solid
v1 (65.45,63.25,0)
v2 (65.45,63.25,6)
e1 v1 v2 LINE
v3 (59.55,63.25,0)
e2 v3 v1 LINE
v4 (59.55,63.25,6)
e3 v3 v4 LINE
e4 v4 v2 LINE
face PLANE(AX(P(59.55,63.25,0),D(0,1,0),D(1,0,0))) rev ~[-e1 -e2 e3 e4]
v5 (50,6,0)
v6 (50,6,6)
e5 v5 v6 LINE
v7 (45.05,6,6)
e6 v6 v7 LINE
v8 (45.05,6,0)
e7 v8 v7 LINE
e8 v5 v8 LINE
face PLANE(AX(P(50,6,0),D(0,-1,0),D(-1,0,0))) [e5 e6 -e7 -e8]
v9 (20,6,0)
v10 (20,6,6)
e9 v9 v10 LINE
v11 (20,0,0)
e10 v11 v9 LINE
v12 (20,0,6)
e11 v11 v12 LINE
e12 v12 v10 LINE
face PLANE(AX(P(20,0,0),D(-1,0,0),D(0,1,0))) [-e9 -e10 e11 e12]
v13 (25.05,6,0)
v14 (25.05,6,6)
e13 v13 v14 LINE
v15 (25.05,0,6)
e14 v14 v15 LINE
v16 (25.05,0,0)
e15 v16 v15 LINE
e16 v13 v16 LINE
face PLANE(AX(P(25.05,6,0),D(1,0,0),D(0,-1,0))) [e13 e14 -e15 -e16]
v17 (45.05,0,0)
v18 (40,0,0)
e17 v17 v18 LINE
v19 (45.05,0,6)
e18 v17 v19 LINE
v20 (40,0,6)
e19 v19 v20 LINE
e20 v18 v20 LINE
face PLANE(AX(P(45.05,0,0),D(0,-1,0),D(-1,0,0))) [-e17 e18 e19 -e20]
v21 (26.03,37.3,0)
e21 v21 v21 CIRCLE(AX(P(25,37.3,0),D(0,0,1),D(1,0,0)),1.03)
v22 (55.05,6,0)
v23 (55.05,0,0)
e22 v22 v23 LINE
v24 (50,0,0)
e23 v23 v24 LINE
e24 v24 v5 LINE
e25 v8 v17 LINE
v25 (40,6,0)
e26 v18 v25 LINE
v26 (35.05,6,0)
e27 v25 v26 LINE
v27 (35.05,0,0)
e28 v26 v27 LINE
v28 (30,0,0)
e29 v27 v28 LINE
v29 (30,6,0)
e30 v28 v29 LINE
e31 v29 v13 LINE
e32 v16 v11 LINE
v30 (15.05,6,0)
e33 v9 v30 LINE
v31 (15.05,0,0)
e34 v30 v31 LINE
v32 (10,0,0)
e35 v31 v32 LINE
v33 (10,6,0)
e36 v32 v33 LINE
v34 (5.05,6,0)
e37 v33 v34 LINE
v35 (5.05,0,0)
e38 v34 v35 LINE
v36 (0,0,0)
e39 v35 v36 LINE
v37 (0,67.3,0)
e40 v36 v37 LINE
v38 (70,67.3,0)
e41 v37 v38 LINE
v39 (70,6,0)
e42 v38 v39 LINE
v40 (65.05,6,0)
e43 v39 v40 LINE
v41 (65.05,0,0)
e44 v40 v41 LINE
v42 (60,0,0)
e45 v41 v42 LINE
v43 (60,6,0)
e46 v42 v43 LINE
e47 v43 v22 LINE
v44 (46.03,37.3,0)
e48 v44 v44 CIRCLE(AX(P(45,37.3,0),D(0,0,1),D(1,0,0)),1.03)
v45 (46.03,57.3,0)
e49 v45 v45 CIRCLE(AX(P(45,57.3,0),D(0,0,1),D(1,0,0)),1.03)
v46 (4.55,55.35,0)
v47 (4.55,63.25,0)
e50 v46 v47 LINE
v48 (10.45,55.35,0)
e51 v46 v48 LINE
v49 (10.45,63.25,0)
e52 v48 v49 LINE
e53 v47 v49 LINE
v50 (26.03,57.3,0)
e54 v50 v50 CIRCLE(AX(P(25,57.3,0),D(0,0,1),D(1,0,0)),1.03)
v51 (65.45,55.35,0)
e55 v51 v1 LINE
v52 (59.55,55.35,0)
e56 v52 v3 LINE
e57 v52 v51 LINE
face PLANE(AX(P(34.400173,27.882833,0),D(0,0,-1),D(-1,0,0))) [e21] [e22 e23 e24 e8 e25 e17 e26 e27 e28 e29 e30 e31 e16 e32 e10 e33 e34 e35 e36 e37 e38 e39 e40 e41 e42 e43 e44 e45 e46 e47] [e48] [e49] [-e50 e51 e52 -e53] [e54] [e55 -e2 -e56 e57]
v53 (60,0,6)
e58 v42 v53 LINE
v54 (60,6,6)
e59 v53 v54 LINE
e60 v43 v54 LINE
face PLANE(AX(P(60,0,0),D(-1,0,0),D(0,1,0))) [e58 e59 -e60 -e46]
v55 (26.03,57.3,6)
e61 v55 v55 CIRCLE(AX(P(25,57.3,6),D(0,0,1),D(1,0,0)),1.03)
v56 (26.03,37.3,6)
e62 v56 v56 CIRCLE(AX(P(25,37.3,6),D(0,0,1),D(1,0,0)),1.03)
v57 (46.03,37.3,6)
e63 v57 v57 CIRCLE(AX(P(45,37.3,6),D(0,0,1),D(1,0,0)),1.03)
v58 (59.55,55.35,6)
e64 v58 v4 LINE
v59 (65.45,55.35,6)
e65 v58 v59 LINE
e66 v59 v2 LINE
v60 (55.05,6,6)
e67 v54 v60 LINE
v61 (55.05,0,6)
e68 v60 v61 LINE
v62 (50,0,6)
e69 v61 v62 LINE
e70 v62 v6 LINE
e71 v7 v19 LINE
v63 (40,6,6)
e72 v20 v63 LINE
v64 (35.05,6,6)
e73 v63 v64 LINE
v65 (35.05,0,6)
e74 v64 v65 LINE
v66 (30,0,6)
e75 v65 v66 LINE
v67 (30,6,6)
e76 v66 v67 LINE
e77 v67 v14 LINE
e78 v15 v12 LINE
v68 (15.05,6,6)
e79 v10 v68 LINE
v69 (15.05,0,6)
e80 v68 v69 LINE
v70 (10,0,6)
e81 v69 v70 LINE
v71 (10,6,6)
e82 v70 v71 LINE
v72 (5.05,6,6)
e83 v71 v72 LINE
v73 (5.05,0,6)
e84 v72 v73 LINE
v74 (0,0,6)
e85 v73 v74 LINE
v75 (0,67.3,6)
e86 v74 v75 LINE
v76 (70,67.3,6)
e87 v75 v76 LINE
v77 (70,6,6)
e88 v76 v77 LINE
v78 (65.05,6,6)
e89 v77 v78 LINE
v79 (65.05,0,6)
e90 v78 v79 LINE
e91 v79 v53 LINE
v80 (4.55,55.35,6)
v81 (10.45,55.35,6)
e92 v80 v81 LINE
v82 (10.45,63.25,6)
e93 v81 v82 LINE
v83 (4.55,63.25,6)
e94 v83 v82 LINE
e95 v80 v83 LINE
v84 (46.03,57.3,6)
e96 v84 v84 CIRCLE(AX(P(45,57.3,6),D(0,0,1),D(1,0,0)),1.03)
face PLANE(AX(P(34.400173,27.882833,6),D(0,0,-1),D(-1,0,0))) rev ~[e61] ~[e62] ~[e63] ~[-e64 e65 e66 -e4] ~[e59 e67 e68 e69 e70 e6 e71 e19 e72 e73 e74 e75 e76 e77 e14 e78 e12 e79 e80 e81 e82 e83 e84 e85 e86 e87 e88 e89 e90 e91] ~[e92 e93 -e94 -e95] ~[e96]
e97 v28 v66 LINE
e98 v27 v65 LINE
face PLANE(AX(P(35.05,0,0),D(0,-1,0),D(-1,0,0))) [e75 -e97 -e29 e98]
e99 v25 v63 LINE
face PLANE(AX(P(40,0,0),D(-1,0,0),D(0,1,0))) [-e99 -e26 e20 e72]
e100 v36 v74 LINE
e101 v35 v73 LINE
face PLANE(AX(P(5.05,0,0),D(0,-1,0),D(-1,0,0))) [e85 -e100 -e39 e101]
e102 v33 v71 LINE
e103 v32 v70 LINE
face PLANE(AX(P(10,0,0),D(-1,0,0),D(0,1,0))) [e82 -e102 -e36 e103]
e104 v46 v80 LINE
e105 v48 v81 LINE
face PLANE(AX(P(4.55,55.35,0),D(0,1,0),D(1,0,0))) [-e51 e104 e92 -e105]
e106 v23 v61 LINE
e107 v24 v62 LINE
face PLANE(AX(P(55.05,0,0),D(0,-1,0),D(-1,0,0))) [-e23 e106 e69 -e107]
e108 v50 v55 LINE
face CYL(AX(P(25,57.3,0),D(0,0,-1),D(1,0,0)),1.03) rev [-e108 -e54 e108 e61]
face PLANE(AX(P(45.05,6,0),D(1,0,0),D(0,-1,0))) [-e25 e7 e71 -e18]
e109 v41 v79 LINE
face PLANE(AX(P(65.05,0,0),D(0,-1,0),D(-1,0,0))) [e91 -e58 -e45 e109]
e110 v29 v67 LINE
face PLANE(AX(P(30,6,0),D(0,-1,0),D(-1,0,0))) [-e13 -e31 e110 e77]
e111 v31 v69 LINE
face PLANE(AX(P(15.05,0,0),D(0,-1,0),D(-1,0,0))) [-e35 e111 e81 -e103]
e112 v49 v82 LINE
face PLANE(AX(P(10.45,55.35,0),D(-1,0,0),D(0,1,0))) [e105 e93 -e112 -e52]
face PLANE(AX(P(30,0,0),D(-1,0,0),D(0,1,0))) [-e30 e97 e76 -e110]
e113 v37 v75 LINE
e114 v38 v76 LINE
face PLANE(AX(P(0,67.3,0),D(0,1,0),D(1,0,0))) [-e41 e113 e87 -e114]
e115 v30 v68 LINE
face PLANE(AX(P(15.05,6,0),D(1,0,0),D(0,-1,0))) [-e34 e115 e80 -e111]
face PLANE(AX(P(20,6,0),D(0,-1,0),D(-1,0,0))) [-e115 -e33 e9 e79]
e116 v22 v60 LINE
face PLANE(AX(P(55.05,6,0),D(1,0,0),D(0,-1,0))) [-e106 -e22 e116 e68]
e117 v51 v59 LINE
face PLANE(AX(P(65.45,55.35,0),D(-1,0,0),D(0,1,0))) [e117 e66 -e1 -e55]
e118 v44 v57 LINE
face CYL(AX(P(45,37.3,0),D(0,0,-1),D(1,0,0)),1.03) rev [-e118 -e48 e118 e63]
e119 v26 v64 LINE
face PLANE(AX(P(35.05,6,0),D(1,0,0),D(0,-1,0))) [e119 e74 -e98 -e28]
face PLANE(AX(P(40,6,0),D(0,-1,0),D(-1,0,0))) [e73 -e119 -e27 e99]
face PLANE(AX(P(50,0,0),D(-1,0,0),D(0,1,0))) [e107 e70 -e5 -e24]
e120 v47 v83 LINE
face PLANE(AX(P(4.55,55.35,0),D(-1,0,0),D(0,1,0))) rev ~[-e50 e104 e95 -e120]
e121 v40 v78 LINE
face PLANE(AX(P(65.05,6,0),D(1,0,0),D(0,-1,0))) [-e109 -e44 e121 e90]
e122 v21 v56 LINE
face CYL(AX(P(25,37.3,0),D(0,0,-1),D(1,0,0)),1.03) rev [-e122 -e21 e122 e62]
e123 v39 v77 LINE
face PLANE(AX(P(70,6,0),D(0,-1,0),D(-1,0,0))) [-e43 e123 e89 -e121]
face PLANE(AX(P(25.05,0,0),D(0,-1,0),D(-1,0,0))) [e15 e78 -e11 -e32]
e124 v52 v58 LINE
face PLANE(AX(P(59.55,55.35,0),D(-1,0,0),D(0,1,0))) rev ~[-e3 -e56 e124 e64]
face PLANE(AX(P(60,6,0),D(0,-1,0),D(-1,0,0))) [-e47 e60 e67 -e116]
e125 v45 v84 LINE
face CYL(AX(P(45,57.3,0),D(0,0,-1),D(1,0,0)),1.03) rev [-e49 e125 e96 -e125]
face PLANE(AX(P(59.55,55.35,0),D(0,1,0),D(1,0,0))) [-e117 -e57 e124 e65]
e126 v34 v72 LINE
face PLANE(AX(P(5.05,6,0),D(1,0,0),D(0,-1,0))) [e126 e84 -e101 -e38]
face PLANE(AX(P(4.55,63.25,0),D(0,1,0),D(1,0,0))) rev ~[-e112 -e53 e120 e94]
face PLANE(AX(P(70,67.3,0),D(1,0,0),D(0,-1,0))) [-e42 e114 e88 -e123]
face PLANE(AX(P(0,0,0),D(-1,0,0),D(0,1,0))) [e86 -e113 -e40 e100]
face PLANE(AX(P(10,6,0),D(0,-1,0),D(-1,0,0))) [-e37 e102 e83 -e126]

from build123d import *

# Parameters (mm, degrees)
ESQUISSE1_R        = 1.03
ESQUISSE1_W        = 5.9
ESQUISSE1_H        = 7.9
BOSS_EXTRU_1_DEPTH = 6


with BuildPart() as part:
    # Esquisse1 → Boss.-Extru.1 (new body)
    with BuildSketch(Plane.XY):
        Polygon((0, 0), (0, 67.3), (70, 67.3), (70, 6), (65.05, 6), (65.05, 0), (60, 0), (60, 6), (55.05, 6), (55.05, 0), (50, 0), (50, 6), (45.05, 6), (45.05, 0), (40, 0), (40, 6), (35.05, 6), (35.05, 0), (30, 0), (30, 6), (25.05, 6), (25.05, 0), (20, 0), (20, 6), (15.05, 6), (15.05, 0), (10, 0), (10, 6), (5.05, 6), (5.05, 0), align=None)
        with Locations((25, 57.3)):
            Circle(ESQUISSE1_R, mode=Mode.SUBTRACT)
        with Locations((45, 57.3)):
            Circle(ESQUISSE1_R, mode=Mode.SUBTRACT)
        with Locations((25, 37.3)):
            Circle(ESQUISSE1_R, mode=Mode.SUBTRACT)
        with Locations((45, 37.3)):
            Circle(ESQUISSE1_R, mode=Mode.SUBTRACT)
        with Locations((7.5, 59.3)):
            Rectangle(ESQUISSE1_W, ESQUISSE1_H, mode=Mode.SUBTRACT)
        with Locations((62.5, 59.3)):
            Rectangle(ESQUISSE1_W, ESQUISSE1_H, mode=Mode.SUBTRACT)
    extrude(amount=BOSS_EXTRU_1_DEPTH)


solid = part.part
